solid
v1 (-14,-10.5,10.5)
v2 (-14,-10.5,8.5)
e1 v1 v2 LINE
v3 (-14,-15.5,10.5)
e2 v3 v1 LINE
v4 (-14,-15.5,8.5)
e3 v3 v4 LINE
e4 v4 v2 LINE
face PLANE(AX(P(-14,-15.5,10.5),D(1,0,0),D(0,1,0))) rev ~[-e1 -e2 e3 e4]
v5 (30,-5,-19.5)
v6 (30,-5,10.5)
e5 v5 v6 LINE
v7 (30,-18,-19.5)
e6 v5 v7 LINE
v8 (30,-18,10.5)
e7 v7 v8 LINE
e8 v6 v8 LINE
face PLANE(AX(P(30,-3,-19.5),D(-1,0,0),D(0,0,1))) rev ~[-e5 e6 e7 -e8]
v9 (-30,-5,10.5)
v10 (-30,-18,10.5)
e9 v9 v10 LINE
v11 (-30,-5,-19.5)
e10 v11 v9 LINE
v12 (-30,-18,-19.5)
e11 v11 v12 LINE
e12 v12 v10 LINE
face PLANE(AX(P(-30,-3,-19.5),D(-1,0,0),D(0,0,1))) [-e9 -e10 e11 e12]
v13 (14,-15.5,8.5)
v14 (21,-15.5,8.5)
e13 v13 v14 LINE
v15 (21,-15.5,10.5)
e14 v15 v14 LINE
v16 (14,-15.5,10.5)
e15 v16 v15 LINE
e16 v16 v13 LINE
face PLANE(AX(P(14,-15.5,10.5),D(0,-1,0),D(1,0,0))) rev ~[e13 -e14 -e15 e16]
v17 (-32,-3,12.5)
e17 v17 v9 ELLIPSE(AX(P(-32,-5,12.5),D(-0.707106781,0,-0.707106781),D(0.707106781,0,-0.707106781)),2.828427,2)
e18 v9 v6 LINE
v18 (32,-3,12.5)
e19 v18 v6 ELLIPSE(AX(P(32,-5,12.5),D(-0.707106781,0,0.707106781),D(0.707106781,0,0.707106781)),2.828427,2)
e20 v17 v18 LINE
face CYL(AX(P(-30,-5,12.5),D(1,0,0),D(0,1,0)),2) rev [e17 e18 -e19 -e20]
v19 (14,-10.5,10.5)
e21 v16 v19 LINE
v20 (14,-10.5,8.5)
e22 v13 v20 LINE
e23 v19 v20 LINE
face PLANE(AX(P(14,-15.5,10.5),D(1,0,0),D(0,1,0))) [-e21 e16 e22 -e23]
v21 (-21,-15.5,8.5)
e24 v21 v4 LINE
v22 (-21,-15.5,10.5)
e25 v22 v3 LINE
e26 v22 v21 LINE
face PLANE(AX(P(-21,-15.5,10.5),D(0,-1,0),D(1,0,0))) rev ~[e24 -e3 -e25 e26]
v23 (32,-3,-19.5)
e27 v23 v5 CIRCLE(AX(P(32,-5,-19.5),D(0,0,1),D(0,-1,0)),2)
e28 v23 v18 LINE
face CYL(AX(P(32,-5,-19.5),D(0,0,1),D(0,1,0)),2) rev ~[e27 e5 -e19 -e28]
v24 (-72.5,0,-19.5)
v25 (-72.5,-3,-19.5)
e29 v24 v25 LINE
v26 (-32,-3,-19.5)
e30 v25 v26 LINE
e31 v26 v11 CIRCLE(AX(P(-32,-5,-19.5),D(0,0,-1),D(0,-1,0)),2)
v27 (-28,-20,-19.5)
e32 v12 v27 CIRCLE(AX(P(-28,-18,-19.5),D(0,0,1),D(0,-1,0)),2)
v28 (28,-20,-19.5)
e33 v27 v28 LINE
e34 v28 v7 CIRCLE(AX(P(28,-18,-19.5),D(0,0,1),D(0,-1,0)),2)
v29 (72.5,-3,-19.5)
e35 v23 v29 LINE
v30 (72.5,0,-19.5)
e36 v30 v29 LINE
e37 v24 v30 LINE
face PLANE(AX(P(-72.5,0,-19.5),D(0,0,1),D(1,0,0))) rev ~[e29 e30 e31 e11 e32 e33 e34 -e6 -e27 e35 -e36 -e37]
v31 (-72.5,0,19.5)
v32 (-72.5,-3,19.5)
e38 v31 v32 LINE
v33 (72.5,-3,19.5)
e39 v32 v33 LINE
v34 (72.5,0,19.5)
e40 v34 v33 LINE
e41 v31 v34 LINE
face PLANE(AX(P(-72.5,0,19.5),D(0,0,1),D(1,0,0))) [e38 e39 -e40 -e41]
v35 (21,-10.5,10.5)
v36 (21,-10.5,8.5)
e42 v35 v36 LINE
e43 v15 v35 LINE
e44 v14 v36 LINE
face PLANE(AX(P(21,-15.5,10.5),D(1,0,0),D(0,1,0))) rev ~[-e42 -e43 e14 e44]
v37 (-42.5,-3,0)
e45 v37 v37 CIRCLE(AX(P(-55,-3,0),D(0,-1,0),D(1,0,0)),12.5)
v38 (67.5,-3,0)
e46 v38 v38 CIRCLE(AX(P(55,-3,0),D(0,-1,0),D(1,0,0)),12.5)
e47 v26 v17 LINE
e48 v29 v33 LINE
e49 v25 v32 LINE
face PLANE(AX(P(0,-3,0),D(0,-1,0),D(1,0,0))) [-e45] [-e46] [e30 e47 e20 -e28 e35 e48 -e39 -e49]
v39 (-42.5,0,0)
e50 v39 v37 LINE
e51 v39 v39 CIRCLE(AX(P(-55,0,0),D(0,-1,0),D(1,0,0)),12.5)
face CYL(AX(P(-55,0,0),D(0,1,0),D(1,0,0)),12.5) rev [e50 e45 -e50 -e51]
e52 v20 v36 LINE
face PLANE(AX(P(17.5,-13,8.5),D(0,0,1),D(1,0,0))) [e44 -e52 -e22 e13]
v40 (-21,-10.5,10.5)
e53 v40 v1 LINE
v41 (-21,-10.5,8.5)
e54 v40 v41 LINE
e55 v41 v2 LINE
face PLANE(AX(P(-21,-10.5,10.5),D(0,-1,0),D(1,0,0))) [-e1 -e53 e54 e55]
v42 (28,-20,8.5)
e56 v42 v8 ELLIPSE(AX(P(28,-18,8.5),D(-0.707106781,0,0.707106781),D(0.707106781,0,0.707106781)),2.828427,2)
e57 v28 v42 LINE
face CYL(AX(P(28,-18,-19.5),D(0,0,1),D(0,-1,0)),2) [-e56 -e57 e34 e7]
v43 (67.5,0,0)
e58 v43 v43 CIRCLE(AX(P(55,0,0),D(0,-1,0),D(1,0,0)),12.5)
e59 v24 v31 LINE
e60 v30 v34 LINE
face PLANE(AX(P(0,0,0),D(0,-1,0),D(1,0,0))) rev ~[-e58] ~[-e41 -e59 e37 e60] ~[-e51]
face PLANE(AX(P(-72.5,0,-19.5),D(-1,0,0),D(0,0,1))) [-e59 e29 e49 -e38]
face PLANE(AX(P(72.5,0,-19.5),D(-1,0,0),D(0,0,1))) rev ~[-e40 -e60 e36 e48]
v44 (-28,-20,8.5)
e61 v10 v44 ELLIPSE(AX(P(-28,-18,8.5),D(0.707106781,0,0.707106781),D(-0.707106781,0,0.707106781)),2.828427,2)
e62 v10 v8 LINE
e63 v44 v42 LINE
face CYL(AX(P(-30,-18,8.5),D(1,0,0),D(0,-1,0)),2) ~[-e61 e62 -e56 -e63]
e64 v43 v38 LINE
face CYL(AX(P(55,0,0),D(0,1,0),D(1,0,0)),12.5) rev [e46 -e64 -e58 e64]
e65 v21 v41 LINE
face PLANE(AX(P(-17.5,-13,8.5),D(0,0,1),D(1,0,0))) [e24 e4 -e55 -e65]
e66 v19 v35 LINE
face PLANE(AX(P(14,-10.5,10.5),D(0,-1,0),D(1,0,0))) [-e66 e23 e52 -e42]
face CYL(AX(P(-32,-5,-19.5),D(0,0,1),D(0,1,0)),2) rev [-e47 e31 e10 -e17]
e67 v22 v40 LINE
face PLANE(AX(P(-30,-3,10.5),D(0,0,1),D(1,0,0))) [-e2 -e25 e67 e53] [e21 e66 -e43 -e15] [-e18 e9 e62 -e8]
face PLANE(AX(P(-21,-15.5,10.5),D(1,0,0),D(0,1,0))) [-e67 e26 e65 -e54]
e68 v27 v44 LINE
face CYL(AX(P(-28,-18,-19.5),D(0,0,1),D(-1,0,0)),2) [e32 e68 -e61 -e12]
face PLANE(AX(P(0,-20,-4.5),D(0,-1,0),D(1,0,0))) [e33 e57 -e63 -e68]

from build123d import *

# Parameters (mm, degrees)
F0_W     = 145
F0_H     = 39
F0_R     = 12.5
F1_DEPTH = 3
F2_W     = 60
F2_H     = 30
F3_DEPTH = 17
F4_W     = 7
F4_H     = 5
F5_DEPTH = 2
F6_R     = 2


with BuildPart() as f1:
    # F0 (on Front) → F1 (new body)
    with BuildSketch(Plane.XZ):
        Rectangle(F0_W, F0_H)
        with Locations((-55, 0)):
            Circle(F0_R, mode=Mode.SUBTRACT)
        with Locations((55, 0)):
            Circle(F0_R, mode=Mode.SUBTRACT)
    extrude(amount=F1_DEPTH)

    # F2 (on face) → F3 (join)
    with BuildSketch(Plane.XZ.offset(3)):
        with Locations((0, -4.5)):
            Rectangle(F2_W, F2_H)
    extrude(amount=F3_DEPTH)

    # F4 (on face) → F5 (cut)
    with BuildSketch(Plane.XY.offset(10.5)):
        with Locations((-17.5, -13)):
            Rectangle(F4_W, F4_H)
        with Locations((17.5, -13)):
            Rectangle(F4_W, F4_H)
    extrude(amount=-F5_DEPTH, mode=Mode.SUBTRACT)

    # F6
    f6_edges = [f1.edges().sort_by_distance(p)[0] for p in [
        (0, -3, 10.5),
        (30, -3, -4.5),
        (-30, -3, -4.5),
        (-30, -20, -4.5),
        (0, -20, 10.5),
        (30, -20, -4.5),
    ]]
    fillet(f6_edges, radius=F6_R)


solid = f1.part
